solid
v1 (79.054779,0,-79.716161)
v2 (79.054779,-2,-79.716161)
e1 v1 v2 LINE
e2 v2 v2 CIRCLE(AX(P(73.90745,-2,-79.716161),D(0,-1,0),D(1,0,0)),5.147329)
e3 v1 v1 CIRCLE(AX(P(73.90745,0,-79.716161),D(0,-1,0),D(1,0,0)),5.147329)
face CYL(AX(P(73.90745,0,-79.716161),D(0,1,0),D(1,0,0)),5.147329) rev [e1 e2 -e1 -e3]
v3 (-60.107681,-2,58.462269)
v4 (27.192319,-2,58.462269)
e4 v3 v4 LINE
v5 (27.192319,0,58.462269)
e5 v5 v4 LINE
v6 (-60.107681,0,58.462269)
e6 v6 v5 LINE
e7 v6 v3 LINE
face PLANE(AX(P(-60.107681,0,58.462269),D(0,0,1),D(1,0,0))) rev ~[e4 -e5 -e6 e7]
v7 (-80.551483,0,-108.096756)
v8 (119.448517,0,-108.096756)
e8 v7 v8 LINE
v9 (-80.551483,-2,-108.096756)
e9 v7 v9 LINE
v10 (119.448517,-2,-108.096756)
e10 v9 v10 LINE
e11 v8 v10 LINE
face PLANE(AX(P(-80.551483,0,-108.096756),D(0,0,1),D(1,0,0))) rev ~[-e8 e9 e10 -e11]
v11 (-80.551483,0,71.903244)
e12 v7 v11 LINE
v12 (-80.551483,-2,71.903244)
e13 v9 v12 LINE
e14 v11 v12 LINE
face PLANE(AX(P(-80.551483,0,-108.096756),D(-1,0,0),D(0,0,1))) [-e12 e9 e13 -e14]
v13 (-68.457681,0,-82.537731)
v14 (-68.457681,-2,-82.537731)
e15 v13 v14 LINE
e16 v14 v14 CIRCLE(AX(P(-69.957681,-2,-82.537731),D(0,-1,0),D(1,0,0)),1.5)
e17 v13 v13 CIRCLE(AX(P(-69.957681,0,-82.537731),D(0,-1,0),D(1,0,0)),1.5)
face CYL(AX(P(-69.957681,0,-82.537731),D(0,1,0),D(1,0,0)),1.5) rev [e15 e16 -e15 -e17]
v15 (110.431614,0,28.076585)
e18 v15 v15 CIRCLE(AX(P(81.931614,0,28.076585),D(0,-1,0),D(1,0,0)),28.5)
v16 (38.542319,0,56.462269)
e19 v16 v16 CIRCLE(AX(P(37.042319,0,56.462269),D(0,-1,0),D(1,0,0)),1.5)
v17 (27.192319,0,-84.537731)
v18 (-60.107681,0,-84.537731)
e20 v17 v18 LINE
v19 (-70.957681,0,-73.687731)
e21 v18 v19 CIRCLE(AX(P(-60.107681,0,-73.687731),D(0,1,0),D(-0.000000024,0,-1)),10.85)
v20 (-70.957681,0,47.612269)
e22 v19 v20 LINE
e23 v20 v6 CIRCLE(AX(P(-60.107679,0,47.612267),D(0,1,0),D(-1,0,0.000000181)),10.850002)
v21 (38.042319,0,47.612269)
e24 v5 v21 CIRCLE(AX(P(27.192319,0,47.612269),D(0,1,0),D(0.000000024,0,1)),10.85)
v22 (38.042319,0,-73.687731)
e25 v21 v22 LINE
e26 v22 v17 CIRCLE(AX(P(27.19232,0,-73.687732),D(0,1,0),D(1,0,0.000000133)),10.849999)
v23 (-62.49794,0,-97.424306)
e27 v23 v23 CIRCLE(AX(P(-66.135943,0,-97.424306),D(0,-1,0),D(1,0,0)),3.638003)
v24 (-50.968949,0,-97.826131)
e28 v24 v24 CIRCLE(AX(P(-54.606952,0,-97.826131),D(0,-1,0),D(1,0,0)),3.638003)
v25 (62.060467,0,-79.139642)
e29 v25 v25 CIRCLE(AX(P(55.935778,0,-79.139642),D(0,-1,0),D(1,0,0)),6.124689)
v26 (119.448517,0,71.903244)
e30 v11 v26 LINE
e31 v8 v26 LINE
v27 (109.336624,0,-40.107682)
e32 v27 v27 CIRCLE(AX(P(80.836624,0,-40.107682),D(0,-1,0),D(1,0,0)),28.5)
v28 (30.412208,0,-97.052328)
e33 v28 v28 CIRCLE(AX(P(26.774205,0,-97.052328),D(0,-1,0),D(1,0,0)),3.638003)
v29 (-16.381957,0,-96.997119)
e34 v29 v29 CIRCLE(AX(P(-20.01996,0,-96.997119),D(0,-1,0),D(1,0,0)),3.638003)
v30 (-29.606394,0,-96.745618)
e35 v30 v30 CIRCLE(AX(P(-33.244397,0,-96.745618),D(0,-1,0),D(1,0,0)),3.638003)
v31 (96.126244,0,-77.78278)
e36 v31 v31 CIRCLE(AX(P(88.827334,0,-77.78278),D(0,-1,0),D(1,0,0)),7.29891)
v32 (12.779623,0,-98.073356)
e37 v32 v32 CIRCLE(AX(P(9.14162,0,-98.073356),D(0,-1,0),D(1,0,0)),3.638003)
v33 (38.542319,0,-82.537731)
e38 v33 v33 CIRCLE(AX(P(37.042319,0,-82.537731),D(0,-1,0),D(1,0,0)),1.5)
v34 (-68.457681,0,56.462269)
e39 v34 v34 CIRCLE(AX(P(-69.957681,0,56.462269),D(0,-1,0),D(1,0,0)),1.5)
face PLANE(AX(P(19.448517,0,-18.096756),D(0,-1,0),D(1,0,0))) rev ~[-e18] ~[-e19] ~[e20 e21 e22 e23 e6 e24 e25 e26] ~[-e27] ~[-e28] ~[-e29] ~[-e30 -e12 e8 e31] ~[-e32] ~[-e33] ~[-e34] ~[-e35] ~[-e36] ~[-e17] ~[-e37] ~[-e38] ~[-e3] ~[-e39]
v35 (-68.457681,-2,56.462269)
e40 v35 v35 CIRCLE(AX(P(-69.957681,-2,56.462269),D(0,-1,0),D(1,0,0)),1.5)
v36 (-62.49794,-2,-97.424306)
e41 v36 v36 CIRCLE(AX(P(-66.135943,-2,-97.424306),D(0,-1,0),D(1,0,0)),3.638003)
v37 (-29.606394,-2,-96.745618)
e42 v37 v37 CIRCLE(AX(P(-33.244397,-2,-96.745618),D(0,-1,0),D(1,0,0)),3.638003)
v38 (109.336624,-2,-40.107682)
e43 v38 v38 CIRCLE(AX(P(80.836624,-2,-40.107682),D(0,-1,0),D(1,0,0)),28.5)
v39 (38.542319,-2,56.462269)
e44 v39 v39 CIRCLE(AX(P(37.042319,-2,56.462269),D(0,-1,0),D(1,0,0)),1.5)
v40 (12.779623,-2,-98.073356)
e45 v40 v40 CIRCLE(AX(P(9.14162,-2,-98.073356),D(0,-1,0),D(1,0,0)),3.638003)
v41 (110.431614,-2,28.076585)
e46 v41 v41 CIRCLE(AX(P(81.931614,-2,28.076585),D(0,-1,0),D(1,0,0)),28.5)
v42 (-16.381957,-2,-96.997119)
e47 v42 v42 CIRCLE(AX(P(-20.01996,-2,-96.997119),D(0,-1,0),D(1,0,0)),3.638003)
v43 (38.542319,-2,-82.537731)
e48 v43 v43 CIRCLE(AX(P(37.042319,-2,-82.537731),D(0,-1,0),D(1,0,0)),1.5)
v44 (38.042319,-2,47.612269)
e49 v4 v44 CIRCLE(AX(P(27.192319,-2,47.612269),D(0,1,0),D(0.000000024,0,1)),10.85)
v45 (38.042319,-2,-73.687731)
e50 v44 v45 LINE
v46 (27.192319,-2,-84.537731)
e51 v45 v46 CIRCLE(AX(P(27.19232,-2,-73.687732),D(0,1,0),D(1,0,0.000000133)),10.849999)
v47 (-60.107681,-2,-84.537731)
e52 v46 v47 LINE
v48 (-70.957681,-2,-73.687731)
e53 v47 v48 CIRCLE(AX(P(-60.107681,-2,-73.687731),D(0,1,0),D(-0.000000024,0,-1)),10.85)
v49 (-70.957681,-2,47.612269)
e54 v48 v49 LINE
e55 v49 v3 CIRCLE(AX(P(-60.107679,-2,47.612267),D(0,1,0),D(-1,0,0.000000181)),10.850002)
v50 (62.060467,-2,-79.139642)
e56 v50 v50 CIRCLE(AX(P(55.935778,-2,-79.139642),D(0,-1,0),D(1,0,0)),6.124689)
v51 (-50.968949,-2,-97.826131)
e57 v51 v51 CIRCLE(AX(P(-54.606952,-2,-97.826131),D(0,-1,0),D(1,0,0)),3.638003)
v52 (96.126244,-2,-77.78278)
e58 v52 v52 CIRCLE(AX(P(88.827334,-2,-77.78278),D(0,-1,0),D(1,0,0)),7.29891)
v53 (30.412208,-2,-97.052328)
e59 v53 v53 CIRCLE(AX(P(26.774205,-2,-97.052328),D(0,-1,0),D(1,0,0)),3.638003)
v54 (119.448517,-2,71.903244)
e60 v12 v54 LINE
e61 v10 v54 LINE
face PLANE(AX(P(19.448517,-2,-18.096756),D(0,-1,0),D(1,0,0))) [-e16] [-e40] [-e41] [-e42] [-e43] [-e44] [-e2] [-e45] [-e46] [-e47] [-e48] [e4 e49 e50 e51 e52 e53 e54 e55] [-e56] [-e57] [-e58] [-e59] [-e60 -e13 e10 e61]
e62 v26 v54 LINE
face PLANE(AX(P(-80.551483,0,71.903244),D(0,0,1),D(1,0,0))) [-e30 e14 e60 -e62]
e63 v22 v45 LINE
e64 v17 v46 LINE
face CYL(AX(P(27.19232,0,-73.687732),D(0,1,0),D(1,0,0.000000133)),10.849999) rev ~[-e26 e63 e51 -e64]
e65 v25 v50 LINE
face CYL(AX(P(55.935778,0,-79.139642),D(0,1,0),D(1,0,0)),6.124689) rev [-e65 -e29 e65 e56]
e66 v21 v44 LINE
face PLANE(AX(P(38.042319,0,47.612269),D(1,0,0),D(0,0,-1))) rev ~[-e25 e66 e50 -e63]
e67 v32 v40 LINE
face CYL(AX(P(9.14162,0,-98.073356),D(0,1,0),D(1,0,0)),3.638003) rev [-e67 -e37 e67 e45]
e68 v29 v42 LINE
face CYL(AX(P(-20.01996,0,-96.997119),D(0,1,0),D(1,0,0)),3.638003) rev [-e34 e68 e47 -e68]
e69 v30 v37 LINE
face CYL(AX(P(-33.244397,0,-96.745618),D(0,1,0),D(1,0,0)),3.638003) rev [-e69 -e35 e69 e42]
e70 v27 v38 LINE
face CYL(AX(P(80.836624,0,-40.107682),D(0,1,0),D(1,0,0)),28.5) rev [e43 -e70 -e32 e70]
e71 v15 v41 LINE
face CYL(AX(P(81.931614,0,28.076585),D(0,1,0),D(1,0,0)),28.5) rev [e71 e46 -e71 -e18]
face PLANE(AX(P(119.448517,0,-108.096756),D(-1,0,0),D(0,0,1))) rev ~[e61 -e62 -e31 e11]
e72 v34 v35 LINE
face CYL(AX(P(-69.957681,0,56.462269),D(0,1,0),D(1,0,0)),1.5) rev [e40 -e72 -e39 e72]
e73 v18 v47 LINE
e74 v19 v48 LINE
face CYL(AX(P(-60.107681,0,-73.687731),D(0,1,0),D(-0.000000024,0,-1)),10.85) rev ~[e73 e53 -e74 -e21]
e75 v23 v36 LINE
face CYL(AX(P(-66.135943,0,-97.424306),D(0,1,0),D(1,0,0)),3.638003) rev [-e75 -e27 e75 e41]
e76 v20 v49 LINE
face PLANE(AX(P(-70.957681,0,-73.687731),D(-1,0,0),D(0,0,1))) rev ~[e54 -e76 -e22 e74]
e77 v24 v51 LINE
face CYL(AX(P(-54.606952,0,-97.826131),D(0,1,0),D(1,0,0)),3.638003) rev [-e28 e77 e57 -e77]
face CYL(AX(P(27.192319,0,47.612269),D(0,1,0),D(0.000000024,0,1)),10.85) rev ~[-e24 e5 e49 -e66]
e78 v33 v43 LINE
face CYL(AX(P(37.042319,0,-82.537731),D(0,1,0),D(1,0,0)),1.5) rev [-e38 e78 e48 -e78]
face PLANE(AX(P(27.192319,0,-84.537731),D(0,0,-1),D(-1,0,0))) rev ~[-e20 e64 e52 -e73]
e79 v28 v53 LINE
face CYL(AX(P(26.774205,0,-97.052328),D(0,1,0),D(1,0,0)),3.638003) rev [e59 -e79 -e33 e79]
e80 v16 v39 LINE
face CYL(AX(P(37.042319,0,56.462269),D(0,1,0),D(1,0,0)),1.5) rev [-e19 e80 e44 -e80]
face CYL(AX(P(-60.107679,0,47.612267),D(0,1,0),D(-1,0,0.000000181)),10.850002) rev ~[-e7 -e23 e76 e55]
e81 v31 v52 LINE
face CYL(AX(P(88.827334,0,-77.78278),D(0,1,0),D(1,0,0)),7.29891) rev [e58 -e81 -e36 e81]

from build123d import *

# Parameters (mm, degrees)
F0_W     = 200
F0_H     = 180
F0_R     = 3.638003
F0_R_2   = 1.5
F0_R_3   = 6.124689
F0_R_4   = 5.147329
F0_R_5   = 7.29891
F0_R_6   = 28.5
F1_DEPTH = 2


with BuildPart() as f1:
    # F0 (on Front) → F1 (new body)
    with BuildSketch(Plane.XZ):
        with Locations((19.448517, -18.096756)):
            Rectangle(F0_W, F0_H)
        with Locations((-66.135943, -97.424306)):
            Circle(F0_R, mode=Mode.SUBTRACT)
        with Locations((-54.606952, -97.826131)):
            Circle(F0_R, mode=Mode.SUBTRACT)
        with Locations((-33.244397, -96.745618)):
            Circle(F0_R, mode=Mode.SUBTRACT)
        with Locations((-69.957681, -82.537731)):
            Circle(F0_R_2, mode=Mode.SUBTRACT)
        with Locations((-20.01996, -96.997119)):
            Circle(F0_R, mode=Mode.SUBTRACT)
        with Locations((9.14162, -98.073356)):
            Circle(F0_R, mode=Mode.SUBTRACT)
        with Locations((26.774205, -97.052328)):
            Circle(F0_R, mode=Mode.SUBTRACT)
        with Locations((37.042319, -82.537731)):
            Circle(F0_R_2, mode=Mode.SUBTRACT)
        with Locations((55.935778, -79.139642)):
            Circle(F0_R_3, mode=Mode.SUBTRACT)
        with Locations((73.90745, -79.716161)):
            Circle(F0_R_4, mode=Mode.SUBTRACT)
        with Locations((88.827334, -77.78278)):
            Circle(F0_R_5, mode=Mode.SUBTRACT)
        with Locations((80.836624, -40.107682)):
            Circle(F0_R_6, mode=Mode.SUBTRACT)
        with BuildLine():
            ThreePointArc((-70.957681, 47.612269), (-67.779789, 55.284377), (-60.107681, 58.462269))
            Line((-60.107681, 58.462269), (27.192319, 58.462269))
            ThreePointArc((27.192319, 58.462269), (34.864428, 55.284377), (38.042319, 47.612269))
            Line((38.042319, 47.612269), (38.042319, -73.687731))
            ThreePointArc((38.042319, -73.687731), (34.864428, -81.35984), (27.192319, -84.537731))
            Line((27.192319, -84.537731), (-60.107681, -84.537731))
            ThreePointArc((-60.107681, -84.537731), (-67.779789, -81.35984), (-70.957681, -73.687731))
            Line((-70.957681, -73.687731), (-70.957681, 47.612269))
        make_face(mode=Mode.SUBTRACT)
        with Locations((-69.957681, 56.462269)):
            Circle(F0_R_2, mode=Mode.SUBTRACT)
        with Locations((37.042319, 56.462269)):
            Circle(F0_R_2, mode=Mode.SUBTRACT)
        with Locations((81.931614, 28.076585)):
            Circle(F0_R_6, mode=Mode.SUBTRACT)
    extrude(amount=F1_DEPTH)


solid = f1.part
